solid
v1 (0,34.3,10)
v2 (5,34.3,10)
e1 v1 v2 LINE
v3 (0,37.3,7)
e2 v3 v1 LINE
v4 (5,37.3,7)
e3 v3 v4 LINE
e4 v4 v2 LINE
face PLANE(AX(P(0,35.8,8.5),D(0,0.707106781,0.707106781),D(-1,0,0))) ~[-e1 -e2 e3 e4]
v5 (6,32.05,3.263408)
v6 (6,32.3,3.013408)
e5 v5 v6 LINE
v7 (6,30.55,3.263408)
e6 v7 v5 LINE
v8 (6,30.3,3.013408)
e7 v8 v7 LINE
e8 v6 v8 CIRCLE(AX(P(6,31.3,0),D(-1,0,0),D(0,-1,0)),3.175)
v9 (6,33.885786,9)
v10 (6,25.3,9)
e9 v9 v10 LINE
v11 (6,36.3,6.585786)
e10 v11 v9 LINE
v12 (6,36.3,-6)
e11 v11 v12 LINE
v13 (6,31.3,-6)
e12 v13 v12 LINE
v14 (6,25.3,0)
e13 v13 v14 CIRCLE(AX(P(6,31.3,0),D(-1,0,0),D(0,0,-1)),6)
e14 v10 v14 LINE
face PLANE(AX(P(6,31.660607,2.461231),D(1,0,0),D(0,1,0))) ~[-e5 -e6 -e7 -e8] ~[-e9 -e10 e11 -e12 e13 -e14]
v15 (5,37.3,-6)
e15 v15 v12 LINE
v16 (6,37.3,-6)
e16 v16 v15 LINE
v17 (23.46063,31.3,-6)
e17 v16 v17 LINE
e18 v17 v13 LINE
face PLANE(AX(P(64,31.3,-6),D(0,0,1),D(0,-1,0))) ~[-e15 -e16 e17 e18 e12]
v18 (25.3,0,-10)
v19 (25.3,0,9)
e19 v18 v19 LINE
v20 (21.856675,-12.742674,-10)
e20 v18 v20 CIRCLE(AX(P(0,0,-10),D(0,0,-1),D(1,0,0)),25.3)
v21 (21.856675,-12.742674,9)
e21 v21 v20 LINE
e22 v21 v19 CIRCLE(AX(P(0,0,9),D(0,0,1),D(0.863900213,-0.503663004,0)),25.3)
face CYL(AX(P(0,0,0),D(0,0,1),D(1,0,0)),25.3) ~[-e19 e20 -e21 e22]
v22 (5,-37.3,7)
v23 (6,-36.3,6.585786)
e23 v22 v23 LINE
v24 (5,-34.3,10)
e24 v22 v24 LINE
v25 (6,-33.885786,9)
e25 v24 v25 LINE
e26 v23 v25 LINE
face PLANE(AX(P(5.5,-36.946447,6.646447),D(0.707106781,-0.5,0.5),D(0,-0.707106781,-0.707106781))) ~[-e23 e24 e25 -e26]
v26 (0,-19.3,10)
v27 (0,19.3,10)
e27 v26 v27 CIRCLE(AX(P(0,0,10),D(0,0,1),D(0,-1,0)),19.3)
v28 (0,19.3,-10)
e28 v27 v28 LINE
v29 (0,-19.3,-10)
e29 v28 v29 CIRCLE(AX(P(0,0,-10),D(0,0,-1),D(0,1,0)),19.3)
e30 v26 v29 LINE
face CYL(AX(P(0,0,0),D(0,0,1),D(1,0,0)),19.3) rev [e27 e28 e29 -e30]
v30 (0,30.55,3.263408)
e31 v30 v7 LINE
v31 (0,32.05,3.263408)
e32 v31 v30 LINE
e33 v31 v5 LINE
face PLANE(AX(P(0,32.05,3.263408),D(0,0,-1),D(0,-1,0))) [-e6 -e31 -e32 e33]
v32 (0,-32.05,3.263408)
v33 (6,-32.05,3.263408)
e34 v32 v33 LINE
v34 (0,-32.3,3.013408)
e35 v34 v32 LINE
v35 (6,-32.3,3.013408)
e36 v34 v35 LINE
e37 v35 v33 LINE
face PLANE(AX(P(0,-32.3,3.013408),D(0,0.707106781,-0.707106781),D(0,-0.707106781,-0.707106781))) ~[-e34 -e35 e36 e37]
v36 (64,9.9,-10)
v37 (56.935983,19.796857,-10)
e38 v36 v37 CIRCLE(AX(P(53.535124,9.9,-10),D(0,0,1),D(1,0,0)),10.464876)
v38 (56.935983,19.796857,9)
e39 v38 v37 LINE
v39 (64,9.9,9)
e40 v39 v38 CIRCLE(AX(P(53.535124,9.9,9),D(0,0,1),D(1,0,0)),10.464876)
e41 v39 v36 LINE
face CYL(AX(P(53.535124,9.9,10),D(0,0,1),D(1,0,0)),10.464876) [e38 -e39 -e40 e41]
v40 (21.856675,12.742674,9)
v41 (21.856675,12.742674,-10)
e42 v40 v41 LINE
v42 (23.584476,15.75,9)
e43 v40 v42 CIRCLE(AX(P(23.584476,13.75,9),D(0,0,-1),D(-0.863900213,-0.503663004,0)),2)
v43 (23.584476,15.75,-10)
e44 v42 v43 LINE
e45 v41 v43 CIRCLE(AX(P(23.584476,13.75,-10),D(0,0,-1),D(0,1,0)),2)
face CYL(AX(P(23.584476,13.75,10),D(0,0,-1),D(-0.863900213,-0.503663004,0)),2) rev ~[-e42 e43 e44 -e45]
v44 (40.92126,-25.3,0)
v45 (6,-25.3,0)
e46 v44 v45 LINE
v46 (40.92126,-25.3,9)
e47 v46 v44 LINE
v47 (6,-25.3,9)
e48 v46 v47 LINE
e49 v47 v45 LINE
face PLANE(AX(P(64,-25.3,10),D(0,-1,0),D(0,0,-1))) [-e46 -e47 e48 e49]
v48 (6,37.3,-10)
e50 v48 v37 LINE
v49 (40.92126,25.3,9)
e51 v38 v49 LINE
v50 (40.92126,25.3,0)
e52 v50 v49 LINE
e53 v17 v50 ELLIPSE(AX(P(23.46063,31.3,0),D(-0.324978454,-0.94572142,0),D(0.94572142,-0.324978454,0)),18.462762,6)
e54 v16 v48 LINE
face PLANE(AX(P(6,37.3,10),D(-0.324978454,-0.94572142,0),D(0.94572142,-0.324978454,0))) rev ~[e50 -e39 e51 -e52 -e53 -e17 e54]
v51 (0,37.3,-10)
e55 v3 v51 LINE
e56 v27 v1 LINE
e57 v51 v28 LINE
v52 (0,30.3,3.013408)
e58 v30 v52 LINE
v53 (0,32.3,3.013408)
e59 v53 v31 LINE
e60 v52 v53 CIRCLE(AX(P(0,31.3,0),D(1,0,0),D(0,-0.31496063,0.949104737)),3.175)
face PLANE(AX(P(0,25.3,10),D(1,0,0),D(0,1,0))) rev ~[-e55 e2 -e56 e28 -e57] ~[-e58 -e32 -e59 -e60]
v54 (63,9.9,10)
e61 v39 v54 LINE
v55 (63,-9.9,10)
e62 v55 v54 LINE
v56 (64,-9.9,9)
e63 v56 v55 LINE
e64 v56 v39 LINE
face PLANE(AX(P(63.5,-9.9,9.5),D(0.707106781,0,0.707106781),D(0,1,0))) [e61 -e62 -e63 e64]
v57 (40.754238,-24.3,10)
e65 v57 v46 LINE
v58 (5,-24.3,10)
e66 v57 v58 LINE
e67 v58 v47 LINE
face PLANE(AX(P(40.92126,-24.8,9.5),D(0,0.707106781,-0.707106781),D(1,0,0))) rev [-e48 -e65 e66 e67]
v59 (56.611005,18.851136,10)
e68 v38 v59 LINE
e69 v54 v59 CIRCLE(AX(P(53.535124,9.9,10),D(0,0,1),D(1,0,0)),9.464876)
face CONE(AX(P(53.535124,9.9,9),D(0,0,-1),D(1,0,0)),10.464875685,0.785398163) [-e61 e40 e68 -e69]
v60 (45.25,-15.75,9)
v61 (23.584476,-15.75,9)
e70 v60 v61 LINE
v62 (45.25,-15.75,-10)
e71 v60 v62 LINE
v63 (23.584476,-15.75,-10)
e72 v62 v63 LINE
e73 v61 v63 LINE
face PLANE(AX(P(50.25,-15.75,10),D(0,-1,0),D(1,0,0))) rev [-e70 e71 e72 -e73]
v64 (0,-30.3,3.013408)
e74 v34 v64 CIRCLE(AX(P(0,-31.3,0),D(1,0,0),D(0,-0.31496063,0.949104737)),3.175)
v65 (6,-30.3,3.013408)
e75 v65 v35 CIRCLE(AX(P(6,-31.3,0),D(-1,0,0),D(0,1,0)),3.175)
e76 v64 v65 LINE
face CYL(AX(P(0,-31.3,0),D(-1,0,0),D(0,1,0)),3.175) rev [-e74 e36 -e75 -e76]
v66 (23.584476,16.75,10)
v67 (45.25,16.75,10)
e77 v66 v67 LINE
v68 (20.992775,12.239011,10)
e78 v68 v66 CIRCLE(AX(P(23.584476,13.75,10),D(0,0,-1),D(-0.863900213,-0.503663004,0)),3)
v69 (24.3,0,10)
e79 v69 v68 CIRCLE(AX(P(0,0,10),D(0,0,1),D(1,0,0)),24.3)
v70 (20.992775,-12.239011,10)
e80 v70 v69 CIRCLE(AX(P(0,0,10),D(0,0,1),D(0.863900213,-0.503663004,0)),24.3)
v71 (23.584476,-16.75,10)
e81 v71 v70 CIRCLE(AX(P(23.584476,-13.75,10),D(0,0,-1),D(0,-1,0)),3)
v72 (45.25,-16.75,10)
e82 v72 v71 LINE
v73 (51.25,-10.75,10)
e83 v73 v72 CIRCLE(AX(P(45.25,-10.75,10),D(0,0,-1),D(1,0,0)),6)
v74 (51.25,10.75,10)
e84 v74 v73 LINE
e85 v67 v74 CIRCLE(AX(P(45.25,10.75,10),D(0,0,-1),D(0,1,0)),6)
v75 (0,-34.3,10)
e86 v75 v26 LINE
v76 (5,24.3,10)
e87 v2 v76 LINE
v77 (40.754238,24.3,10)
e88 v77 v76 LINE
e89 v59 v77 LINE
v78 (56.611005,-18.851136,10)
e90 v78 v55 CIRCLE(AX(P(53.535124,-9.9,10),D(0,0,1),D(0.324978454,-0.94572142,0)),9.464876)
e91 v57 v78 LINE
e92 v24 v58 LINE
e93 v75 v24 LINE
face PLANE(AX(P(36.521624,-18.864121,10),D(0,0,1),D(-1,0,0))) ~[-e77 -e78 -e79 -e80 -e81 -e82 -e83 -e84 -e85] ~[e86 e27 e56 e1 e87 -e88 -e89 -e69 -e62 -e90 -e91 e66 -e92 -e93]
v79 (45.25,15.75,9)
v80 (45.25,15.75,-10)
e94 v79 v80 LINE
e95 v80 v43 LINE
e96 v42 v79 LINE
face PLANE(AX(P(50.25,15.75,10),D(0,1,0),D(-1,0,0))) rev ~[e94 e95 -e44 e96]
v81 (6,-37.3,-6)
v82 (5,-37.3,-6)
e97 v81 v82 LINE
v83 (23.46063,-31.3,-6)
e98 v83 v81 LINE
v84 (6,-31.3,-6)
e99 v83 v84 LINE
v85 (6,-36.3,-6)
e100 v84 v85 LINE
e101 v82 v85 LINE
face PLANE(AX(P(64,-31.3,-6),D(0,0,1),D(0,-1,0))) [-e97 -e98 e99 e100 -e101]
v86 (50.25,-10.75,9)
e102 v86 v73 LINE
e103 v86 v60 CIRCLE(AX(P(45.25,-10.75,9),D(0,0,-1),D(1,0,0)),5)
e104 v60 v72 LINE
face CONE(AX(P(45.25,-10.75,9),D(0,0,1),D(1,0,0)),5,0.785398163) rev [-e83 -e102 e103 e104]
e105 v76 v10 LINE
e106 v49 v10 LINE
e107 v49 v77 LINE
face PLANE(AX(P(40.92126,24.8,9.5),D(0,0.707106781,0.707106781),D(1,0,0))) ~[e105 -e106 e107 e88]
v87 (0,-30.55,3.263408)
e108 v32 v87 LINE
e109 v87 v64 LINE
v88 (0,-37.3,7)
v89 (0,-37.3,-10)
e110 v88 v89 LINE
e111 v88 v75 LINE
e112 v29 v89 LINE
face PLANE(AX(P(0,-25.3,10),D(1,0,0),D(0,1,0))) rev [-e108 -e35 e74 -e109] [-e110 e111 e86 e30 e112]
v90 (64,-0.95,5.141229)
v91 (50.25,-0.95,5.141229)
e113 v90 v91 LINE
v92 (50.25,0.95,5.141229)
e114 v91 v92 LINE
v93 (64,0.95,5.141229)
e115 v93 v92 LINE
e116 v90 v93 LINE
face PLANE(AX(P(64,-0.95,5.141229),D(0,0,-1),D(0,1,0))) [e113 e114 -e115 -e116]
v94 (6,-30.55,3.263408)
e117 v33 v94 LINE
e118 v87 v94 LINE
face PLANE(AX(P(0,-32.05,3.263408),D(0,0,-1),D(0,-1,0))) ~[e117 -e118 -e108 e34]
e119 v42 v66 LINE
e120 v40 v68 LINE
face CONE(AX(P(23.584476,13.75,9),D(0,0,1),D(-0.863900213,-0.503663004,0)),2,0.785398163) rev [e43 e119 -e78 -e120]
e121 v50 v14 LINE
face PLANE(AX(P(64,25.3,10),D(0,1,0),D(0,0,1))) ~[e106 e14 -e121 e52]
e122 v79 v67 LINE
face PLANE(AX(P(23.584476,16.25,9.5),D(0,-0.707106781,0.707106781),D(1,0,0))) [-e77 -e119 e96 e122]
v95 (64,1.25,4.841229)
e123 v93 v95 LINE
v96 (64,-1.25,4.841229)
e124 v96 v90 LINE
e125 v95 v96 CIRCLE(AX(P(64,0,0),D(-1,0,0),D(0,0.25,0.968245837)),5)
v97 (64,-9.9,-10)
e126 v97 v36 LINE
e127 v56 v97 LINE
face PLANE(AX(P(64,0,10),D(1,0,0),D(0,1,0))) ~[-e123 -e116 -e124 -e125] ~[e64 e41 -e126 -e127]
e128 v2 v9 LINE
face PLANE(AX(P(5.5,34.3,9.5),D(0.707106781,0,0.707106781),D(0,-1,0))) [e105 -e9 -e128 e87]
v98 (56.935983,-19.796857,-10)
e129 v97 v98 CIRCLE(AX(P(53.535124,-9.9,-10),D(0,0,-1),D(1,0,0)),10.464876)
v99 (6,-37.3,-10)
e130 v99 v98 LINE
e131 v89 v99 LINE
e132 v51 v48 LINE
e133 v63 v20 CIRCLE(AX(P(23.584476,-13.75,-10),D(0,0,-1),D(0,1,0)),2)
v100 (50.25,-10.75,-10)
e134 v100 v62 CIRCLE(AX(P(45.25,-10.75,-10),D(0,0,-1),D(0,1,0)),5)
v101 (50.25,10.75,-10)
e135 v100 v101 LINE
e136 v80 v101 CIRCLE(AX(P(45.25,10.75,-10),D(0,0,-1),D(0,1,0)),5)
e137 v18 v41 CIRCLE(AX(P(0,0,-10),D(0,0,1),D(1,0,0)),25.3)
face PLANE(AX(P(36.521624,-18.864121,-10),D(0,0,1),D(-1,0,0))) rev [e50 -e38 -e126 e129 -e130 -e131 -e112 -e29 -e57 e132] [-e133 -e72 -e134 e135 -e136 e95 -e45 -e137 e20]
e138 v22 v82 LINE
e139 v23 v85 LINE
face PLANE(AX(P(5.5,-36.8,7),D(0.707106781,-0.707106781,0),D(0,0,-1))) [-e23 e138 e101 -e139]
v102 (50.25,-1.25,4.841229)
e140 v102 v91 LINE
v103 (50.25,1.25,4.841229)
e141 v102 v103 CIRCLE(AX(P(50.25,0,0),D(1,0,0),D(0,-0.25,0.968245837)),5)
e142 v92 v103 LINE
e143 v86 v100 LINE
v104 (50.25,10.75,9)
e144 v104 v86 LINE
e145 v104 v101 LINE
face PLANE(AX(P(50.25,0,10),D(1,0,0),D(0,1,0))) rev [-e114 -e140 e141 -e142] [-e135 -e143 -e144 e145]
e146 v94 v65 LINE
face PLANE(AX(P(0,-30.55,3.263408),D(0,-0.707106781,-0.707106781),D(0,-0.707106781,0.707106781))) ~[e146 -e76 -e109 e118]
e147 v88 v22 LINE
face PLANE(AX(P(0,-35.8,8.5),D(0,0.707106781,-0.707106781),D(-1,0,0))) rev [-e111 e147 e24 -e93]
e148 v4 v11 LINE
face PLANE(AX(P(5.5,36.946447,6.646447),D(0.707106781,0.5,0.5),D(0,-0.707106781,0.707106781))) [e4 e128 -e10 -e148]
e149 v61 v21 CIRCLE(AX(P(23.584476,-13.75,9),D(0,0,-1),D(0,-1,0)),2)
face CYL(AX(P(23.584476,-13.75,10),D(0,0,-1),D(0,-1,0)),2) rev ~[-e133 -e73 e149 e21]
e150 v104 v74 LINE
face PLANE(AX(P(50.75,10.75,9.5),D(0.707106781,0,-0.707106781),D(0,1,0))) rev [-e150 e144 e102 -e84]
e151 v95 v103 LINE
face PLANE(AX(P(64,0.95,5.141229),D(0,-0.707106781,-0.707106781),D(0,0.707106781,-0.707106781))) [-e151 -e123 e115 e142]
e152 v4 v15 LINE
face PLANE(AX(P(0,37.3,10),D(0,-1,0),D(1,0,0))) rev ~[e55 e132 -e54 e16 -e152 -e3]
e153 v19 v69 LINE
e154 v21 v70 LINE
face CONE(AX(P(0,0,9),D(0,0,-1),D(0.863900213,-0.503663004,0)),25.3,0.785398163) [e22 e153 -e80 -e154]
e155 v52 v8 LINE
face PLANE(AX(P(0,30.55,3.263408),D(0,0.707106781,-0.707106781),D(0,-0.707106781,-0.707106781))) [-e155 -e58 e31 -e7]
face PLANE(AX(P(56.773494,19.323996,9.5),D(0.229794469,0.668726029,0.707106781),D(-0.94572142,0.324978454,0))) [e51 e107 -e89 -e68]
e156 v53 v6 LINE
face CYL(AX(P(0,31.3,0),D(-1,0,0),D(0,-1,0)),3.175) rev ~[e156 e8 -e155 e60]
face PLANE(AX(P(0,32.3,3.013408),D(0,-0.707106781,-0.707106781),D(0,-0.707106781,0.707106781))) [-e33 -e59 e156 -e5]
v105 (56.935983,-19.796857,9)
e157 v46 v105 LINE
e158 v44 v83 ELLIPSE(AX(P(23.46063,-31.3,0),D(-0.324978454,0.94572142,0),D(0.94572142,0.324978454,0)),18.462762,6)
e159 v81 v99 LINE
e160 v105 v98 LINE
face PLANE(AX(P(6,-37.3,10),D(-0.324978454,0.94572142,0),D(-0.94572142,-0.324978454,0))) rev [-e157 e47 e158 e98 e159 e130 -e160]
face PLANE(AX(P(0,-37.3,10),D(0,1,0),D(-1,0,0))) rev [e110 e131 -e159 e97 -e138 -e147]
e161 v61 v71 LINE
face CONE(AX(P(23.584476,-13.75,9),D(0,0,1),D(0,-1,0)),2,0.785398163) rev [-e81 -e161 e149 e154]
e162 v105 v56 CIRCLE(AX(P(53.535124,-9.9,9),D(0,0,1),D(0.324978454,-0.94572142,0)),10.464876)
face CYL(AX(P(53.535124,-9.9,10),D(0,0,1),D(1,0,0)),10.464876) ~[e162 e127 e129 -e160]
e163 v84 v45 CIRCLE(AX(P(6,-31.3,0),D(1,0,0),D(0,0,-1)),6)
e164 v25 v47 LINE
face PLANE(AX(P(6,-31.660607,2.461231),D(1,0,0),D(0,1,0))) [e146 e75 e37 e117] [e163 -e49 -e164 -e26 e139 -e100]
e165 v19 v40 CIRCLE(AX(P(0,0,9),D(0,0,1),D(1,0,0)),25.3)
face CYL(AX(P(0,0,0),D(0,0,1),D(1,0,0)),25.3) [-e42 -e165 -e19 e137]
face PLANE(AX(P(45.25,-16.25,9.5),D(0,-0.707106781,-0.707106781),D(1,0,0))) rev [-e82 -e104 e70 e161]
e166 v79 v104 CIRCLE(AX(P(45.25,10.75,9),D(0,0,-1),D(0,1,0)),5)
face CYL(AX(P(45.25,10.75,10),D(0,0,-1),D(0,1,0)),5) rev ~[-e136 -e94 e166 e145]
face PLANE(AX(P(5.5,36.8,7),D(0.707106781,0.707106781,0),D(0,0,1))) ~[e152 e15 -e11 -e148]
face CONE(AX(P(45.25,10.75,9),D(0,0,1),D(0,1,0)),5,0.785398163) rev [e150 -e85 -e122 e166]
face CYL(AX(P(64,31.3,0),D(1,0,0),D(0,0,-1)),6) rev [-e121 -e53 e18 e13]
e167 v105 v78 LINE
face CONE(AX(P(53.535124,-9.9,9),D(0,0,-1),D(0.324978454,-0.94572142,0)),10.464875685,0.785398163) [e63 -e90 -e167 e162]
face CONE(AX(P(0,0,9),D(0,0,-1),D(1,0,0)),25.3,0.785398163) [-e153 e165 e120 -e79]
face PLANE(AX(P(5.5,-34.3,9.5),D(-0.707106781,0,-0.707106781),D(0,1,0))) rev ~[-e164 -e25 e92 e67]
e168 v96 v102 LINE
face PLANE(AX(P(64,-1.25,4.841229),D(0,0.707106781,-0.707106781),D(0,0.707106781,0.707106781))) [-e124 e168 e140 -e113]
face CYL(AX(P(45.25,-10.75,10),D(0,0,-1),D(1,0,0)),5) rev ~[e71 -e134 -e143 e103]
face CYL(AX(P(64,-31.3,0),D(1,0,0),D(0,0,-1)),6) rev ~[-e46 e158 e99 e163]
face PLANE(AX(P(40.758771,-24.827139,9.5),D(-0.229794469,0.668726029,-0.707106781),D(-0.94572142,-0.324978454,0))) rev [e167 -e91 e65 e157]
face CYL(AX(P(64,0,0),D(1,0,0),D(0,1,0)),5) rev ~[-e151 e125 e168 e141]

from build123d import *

# Parameters (mm, degrees)
PAD004_DEPTH    = 10
PAD005_DEPTH    = 20
PAD006_DEPTH    = 20
FILLET_R        = 5
SKETCH017_R     = 5
POCKET008_DEPTH = 13.75
POCKET009_DEPTH = 13.75
SKETCH019_R     = 3.175
POCKET010_DEPTH = 264.6116677124
POCKET011_DEPTH = 264.6116677124
POCKET012_DEPTH = 58
CHAMFER003_SIZE = 3
FILLET001_R     = 2
CHAMFER004_SIZE = 1


with BuildPart() as part:
    # Sketch014 → Pad004 (new body, symmetric)
    with BuildSketch(Plane.XY):
        with BuildLine():
            ThreePointArc((19.3, 0), (13.6471608769, 13.6471608769), (0, 19.3))
            Line((0, 19.3), (0, 25.3))
            ThreePointArc((25.3, 0), (17.889801564, 17.889801564), (0, 25.3))
            Line((19.3, 0), (25.3, 0))
        make_face()
    pad004 = extrude(amount=PAD004_DEPTH, both=True)

    # Mirrored007: Pad004 across Sketch014 H_Axis
    add(pad004.mirror(Plane.ZX))

    # Sketch015 (on Face4 of Mirrored007) → Pad005 (join)
    with BuildSketch(Plane.XY.offset(10)):
        with BuildLine():
            Line((0, 25.3), (0, 37.3))
            Line((0, 37.3), (6, 37.3))
            Line((6, 37.3), (6, 24.5782424107))
            ThreePointArc((6, 24.5782424107), (3.021627625, 25.1189125261), (0, 25.3))
        make_face()
    pad005 = extrude(amount=-PAD005_DEPTH)

    # Mirrored008: Pad005 across Sketch015 H_Axis
    add(pad005.mirror(Plane(origin=(0, 0, 10), x_dir=(0, 0, 1), z_dir=(0, 1, 0))))

    # Sketch016 (on Face8 of Mirrored008) → Pad006 (join)
    with BuildSketch(Plane.XY.offset(10)):
        with BuildLine():
            Line((50.25, 0), (64, 0))
            Line((64, 0), (64, 9.9))
            ThreePointArc((64, 9.9), (62.0528467529, 15.9796404149), (56.935983439, 19.7968570932))
            Line((6, 37.3), (56.935983439, 19.7968570932))
            Line((6, 37.3), (6, 24.5782424107))
            ThreePointArc((19.7996843409, 15.75), (13.6341627553, 21.3119592239), (6, 24.5782424107))
            Line((50.25, 15.75), (19.7996843409, 15.75))
            Line((50.25, 0), (50.25, 15.75))
        make_face()
    pad006 = extrude(amount=-PAD006_DEPTH)

    # Mirrored009: Pad006 across Sketch016 H_Axis
    add(pad006.mirror(Plane(origin=(0, 0, 10), x_dir=(0, 0, 1), z_dir=(0, 1, 0))))

    # Fillet
    fillet_edges = [part.edges().sort_by_distance(p)[0] for p in [
        (50.25, 15.75, 0),
        (50.25, -15.75, 0),
    ]]
    fillet(fillet_edges, radius=FILLET_R)

    # Sketch017 (on Face13 of Fillet) → Pocket008 (cut)
    with BuildSketch(Plane.YZ.offset(64)):
        Circle(SKETCH017_R)
    extrude(amount=-POCKET008_DEPTH, mode=Mode.SUBTRACT)

    # Sketch018 (on Face13 of Pocket008) → Pocket009 (cut)
    with BuildSketch(Plane.YZ.offset(64)):
        Polygon((-1.25, 4.8412291828), (-0.95, 5.1412291828), (0.95, 5.1412291828), (1.25, 4.8412291828), align=None)
    extrude(amount=-POCKET009_DEPTH, mode=Mode.SUBTRACT)

    # Sketch019 (on Face9 of Pocket009) → Pocket010 (cut, through all)
    with BuildSketch(Plane(origin=(0, 0, 0), x_dir=(0, -1, 0), z_dir=(-1, 0, 0))):
        with Locations((-31.3, 0)):
            Circle(SKETCH019_R)
    pocket010 = extrude(amount=-POCKET010_DEPTH, mode=Mode.SUBTRACT)

    # Mirrored010: Pocket010 across Sketch019 V_Axis
    add(pocket010.mirror(Plane(origin=(0, 0, 0), x_dir=(-1, 0, 0), z_dir=(0, -1, 0))), mode=Mode.SUBTRACT)

    # Sketch020 (on Face17 of Mirrored010) → Pocket011 (cut, through all)
    with BuildSketch(Plane(origin=(0, 0, 0), x_dir=(0, -1, 0), z_dir=(-1, 0, 0))):
        Polygon((-32.3, 3.0134075396), (-32.05, 3.2634075396), (-30.55, 3.2634075396), (-30.3, 3.0134075396), align=None)
    pocket011 = extrude(amount=-POCKET011_DEPTH, mode=Mode.SUBTRACT)

    # Mirrored011: Pocket011 across Sketch020 V_Axis
    add(pocket011.mirror(Plane(origin=(0, 0, 0), x_dir=(-1, 0, 0), z_dir=(0, -1, 0))), mode=Mode.SUBTRACT)

    # Sketch021 (on Face13 of Mirrored011) → Pocket012 (cut)
    with BuildSketch(Plane.YZ.offset(64)):
        with BuildLine():
            ThreePointArc((-31.3, -6), (-27.0573593129, -4.2426406871), (-25.3, 0))
            Line((-25.3, 10), (-25.3, 0))
            Line((-37.3, 10), (-25.3, 10))
            Line((-37.3, -6), (-37.3, 10))
            Line((-31.3, -6), (-37.3, -6))
        make_face()
    pocket012 = extrude(amount=-POCKET012_DEPTH, mode=Mode.SUBTRACT)

    # Mirrored012: Pocket012 across Sketch021 V_Axis
    add(pocket012.mirror(Plane(origin=(64, 0, 0), x_dir=(1, 0, 0), z_dir=(0, 1, 0))), mode=Mode.SUBTRACT)

    # Chamfer003
    chamfer003_edges = [part.edges().sort_by_distance(p)[0] for p in [
        (3, -37.3, 10),
        (3, 37.3, 10),
    ]]
    chamfer(chamfer003_edges, length=CHAMFER003_SIZE)

    # Fillet001
    fillet001_edges = [part.edges().sort_by_distance(p)[0] for p in [
        (19.799684, -15.75, 0),
        (19.799684, 15.75, 0),
    ]]
    fillet(fillet001_edges, radius=FILLET001_R)

    # Chamfer004
    chamfer004_edges = [part.edges().sort_by_distance(p)[0] for p in [
        (6, -37.3, 0.5),
        (6, -35.8, 8.5),
        (6, -29.8, 10),
        (23.46063, -25.3, 10),
        (48.928622, -22.548429, 10),
        (62.052847, -15.97964, 10),
        (64, 0, 10),
        (62.052847, 15.97964, 10),
        (48.928622, 22.548429, 10),
        (23.46063, 25.3, 10),
        (6, 29.8, 10),
        (6, 35.8, 8.5),
        (6, 37.3, 0.5),
        (21.850311, -14.74633, 10),
        (24.424003, -6.599853, 10),
        (24.424003, 6.599853, 10),
        (21.850311, 14.74633, 10),
        (34.417238, 15.75, 10),
        (48.785534, 14.285534, 10),
        (50.25, 0, 10),
        (48.785534, -14.285534, 10),
        (34.417238, -15.75, 10),
    ]]
    chamfer(chamfer004_edges, length=CHAMFER004_SIZE)


solid = part.part
